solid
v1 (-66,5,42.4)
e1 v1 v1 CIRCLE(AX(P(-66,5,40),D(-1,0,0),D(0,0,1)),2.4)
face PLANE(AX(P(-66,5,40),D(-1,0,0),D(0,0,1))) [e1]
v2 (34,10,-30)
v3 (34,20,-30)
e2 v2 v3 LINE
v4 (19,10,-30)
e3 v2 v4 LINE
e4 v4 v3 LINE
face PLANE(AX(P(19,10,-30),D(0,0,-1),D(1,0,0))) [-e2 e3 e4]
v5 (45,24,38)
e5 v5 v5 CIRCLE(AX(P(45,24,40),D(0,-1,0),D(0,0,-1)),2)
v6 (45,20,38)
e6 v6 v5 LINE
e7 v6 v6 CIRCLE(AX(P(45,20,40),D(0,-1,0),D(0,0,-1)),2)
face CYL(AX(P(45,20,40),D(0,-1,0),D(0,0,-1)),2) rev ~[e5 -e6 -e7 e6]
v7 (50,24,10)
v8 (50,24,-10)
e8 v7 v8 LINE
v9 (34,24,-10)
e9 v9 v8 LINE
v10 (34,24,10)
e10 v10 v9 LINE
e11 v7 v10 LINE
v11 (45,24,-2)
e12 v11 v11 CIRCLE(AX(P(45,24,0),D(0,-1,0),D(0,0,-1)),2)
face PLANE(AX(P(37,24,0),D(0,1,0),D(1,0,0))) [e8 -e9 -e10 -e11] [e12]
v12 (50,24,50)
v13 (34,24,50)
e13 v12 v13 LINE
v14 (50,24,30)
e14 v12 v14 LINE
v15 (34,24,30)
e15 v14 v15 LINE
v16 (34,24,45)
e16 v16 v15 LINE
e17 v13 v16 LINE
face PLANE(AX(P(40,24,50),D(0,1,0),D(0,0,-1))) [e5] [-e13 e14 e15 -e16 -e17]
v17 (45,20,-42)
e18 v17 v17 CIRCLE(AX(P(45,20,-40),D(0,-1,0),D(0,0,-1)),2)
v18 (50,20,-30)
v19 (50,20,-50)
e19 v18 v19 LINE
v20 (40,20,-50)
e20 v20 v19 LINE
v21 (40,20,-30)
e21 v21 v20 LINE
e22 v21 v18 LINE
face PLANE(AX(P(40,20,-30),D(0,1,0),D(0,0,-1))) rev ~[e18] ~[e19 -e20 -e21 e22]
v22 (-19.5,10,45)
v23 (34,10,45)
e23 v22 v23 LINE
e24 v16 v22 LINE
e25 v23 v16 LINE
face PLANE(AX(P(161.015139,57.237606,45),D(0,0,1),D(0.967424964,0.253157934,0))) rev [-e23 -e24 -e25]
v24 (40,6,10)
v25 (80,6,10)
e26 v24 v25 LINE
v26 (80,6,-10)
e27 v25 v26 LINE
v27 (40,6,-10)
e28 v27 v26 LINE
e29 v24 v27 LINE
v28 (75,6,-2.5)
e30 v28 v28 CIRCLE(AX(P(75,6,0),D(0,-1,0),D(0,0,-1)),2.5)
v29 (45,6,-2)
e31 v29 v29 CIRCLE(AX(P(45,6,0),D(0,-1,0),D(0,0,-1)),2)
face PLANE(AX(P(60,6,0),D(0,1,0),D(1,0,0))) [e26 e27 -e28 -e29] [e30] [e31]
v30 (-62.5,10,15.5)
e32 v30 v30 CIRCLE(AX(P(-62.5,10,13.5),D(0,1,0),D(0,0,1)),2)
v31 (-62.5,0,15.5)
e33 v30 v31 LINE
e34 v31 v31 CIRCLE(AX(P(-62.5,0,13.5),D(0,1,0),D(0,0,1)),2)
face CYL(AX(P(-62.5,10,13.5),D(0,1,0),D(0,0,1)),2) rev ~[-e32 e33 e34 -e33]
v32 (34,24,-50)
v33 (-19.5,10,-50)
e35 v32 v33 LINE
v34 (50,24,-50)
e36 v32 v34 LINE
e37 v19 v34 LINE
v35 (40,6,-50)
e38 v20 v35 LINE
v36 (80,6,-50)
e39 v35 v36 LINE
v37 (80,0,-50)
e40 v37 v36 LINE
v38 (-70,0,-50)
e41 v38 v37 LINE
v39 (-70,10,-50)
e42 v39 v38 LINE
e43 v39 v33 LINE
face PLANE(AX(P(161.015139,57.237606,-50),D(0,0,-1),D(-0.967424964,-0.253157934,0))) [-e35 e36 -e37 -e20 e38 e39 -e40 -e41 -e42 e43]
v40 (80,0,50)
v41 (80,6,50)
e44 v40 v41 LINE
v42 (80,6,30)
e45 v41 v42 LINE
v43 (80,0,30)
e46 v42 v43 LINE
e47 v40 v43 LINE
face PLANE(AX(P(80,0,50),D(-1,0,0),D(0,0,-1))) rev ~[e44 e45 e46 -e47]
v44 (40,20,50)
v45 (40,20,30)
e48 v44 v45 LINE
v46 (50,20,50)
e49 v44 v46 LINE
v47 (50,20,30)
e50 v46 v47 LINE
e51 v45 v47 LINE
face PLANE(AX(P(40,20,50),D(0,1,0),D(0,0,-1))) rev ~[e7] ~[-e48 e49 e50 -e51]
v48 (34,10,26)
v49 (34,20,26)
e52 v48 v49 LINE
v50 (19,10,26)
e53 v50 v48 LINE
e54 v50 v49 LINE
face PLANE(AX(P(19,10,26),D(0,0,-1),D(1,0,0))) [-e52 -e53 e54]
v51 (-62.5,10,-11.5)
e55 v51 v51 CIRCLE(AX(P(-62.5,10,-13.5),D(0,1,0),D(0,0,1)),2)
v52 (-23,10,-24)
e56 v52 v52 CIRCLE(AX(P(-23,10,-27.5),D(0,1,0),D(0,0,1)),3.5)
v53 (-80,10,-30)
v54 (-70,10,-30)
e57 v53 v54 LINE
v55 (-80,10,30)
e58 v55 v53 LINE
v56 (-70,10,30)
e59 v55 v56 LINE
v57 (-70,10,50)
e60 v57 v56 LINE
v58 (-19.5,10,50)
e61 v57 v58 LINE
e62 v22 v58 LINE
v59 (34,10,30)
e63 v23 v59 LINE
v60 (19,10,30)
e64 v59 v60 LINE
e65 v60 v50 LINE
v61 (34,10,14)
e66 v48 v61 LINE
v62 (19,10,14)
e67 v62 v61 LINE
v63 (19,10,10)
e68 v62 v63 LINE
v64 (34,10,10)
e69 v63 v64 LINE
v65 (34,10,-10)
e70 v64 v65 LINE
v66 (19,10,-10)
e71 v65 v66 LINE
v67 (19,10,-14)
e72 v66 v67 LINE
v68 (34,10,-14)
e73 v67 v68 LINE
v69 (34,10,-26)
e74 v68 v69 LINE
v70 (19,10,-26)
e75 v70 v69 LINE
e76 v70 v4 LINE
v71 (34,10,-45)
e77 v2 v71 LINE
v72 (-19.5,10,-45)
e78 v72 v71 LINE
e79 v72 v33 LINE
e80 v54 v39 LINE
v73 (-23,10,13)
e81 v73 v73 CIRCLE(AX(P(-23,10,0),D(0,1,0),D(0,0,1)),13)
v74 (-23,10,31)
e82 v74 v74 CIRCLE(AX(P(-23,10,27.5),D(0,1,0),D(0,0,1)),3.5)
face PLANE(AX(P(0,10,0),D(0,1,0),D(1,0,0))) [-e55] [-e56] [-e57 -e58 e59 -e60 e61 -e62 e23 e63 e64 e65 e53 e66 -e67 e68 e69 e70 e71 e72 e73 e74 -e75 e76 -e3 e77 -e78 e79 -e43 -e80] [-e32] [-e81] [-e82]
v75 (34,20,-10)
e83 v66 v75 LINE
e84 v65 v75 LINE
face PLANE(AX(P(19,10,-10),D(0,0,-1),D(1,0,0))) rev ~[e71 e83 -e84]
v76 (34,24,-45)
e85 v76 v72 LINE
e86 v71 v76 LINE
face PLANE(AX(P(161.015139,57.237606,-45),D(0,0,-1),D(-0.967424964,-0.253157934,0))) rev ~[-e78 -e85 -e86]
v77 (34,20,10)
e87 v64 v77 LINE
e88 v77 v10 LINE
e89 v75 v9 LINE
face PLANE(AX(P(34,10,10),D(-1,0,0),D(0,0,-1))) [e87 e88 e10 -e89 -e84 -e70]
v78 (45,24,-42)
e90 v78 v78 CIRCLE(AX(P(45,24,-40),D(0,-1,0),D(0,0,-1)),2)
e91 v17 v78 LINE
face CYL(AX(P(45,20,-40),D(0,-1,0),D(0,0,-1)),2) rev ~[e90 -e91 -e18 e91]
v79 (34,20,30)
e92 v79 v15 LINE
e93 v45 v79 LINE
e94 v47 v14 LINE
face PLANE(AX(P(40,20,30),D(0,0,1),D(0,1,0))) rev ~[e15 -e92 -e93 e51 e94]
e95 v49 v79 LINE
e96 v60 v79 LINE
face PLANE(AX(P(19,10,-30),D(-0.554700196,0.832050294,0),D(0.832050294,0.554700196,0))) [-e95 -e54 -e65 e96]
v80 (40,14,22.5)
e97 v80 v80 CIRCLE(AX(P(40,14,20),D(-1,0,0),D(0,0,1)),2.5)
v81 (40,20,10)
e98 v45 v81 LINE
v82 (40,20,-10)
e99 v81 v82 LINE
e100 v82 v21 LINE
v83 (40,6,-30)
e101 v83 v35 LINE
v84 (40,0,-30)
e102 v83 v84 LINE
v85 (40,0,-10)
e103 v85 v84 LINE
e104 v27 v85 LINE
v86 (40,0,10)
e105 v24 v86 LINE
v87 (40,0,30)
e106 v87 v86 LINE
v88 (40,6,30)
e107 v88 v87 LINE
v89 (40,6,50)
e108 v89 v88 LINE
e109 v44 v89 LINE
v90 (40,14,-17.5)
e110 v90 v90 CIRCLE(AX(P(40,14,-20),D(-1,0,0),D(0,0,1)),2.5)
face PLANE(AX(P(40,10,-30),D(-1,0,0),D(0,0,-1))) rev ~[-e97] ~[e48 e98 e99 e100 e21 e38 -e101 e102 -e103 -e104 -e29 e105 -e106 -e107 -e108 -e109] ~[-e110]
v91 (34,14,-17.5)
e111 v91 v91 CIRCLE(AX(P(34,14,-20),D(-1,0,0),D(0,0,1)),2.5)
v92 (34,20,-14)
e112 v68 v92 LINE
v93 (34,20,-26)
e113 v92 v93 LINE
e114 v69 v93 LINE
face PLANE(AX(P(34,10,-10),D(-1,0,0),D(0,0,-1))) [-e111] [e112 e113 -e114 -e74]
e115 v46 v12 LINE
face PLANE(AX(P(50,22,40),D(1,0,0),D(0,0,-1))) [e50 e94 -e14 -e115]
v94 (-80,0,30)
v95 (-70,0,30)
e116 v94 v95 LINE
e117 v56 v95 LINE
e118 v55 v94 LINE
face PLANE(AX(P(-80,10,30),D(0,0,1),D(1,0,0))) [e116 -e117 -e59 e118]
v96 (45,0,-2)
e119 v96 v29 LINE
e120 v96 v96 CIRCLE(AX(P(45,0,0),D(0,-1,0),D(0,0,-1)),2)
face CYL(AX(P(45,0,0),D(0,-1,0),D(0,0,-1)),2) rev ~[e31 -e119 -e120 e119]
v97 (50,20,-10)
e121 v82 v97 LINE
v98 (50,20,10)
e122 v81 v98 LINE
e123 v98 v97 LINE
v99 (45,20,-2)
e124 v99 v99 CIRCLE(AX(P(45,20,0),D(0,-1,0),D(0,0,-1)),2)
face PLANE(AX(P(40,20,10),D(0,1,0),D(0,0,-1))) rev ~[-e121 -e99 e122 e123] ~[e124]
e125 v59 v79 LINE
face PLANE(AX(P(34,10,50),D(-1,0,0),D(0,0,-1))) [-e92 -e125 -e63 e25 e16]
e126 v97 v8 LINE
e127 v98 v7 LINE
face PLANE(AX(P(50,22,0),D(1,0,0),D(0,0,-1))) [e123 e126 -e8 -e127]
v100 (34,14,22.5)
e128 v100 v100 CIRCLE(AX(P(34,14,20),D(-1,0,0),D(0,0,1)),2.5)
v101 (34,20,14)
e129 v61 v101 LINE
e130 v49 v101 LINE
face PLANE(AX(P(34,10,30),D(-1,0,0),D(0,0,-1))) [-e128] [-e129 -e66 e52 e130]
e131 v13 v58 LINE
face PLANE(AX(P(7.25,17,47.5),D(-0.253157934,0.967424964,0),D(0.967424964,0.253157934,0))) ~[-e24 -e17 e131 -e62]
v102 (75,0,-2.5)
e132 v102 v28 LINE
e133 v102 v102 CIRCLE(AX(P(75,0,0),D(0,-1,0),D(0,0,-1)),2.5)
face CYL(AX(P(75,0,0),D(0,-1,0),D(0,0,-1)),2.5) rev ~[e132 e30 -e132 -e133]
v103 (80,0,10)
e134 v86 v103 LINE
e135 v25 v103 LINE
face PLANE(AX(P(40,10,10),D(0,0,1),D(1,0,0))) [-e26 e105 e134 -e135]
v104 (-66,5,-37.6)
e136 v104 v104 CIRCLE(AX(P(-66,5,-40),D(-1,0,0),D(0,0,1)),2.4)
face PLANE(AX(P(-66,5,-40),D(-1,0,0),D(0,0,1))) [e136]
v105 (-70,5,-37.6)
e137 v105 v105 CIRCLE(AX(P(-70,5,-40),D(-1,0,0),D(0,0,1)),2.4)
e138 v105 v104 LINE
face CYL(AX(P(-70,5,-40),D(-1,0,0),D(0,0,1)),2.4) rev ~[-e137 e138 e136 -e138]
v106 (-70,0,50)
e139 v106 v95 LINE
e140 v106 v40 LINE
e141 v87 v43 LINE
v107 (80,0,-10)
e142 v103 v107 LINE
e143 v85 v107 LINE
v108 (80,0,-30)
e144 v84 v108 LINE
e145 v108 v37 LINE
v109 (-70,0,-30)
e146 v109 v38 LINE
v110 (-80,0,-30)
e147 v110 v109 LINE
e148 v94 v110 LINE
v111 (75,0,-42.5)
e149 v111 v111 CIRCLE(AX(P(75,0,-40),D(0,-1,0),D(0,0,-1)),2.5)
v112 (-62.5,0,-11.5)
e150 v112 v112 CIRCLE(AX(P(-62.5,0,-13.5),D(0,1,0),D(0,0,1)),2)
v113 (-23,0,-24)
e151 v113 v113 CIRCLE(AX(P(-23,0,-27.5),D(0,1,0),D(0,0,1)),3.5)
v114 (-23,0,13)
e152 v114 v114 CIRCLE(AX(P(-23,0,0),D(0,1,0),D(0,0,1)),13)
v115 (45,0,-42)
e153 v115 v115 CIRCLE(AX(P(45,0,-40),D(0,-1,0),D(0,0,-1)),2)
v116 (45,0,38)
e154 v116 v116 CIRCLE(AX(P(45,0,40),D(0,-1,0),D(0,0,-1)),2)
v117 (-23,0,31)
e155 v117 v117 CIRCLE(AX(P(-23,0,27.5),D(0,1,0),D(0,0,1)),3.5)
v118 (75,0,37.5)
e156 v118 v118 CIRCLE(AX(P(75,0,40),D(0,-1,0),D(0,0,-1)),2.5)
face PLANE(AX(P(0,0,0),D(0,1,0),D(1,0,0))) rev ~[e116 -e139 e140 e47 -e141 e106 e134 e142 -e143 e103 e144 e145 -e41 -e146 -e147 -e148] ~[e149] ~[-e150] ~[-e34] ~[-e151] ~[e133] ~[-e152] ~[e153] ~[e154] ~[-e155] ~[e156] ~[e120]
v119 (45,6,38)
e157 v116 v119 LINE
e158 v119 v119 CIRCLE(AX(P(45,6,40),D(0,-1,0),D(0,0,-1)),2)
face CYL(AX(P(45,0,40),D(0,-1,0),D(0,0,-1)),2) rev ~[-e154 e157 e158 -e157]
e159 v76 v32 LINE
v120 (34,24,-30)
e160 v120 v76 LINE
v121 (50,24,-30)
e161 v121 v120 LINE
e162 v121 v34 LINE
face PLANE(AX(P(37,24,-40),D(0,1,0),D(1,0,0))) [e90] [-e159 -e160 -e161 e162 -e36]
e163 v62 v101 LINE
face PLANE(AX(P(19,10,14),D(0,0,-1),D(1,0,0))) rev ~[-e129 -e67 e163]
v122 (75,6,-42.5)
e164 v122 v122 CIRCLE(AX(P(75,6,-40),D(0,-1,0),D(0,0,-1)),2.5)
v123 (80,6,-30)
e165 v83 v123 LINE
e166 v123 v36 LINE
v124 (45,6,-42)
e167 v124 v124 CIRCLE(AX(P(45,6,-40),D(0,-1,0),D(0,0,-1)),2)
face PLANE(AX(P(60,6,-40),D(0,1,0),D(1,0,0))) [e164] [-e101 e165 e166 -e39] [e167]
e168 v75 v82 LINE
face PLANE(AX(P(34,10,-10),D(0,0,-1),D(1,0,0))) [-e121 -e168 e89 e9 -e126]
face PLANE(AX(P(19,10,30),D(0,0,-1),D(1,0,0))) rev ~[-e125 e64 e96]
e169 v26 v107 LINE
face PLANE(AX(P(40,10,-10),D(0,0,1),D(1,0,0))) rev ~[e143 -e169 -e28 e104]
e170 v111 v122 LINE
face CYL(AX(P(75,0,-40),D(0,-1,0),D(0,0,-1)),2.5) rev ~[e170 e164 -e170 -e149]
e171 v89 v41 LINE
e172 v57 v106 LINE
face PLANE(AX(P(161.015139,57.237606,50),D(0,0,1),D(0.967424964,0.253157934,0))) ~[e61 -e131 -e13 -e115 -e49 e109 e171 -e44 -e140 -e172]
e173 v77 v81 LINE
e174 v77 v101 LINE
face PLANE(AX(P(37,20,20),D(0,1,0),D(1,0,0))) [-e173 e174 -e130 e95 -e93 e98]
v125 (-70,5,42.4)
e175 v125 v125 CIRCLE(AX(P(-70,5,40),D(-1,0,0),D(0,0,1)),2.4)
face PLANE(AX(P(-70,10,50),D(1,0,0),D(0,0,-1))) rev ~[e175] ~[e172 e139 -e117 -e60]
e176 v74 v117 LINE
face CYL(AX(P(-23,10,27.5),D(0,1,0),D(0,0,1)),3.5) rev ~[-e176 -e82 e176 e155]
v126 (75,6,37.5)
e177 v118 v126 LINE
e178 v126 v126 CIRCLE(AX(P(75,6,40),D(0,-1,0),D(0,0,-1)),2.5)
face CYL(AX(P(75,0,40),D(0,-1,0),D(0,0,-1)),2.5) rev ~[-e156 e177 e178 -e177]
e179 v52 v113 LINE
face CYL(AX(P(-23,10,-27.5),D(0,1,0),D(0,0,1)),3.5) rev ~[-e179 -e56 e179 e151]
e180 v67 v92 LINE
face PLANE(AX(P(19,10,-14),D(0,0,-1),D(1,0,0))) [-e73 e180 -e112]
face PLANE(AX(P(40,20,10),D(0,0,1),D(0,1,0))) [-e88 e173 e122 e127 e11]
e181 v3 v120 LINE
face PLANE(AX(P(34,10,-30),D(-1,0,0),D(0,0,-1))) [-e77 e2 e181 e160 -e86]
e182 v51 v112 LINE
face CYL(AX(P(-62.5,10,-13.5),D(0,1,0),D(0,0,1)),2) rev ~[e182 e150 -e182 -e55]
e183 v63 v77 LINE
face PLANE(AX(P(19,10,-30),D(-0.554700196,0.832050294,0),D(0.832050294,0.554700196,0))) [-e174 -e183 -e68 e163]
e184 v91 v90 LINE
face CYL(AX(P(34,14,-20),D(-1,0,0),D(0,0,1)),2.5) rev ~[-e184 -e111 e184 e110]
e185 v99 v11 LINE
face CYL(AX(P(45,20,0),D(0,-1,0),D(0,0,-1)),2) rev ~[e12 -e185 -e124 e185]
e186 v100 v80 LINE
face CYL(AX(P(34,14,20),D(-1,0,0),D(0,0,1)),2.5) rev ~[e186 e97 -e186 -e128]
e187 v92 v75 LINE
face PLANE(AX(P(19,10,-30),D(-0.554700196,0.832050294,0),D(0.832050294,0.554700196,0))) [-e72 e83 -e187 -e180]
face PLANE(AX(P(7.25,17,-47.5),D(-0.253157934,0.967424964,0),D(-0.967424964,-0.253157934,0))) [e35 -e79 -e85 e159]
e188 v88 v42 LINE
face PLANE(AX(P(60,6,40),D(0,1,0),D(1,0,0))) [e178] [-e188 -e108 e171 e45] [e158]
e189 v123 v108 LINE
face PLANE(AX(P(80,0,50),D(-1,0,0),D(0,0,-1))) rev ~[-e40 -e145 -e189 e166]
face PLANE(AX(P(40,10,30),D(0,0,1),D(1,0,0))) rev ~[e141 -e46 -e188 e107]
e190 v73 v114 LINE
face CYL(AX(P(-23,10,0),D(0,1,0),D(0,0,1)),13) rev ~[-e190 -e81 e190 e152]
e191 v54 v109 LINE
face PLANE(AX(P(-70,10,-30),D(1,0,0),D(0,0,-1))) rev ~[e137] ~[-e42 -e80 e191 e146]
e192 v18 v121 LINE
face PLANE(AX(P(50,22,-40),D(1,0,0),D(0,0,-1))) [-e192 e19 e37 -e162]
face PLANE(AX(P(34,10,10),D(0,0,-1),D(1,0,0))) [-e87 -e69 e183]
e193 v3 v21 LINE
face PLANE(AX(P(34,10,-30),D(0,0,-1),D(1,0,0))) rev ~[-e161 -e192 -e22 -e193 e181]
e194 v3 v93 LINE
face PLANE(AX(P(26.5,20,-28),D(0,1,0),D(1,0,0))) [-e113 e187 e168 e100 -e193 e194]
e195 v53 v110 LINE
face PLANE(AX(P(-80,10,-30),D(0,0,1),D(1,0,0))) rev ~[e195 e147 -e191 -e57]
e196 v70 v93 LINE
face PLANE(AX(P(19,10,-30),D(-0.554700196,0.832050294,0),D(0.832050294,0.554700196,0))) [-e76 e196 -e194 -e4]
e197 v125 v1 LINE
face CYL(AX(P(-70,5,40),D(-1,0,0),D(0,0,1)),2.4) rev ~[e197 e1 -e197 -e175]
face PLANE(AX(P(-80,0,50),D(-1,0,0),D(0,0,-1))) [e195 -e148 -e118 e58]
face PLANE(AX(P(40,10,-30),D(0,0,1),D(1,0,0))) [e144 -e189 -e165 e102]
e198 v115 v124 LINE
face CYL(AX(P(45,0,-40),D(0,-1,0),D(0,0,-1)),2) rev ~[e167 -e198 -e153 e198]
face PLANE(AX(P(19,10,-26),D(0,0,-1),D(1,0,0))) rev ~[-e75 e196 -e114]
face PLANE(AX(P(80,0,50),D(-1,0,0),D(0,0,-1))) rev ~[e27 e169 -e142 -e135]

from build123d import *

# Parameters (mm, degrees)
SKETCH1_W           = 160
SKETCH1_H           = 100
BOSS_EXTRUDE1_DEPTH = 10
SKETCH2_W           = 40
SKETCH2_H           = 20
CUT_EXTRUDE1_DEPTH  = 10
SKETCH3_W           = 6
SKETCH3_H           = 20
BOSS_EXTRUDE2_DEPTH = 10
SKETCH4_W           = 40
SKETCH4_H           = 20
CUT_EXTRUDE2_DEPTH  = 4
SKETCH5_W           = 15
SKETCH5_H           = 4
BOSS_EXTRUDE3_DEPTH = 10
CUT_EXTRUDE3_DEPTH  = 100
SKETCH8_R           = 2.5
SKETCH8_R_2         = 2
CUT_EXTRUDE4_DEPTH  = 97.43650761
SKETCH10_W          = 6
SKETCH10_H          = 20
BOSS_EXTRUDE5_DEPTH = 14
SKETCH11_W          = 20
SKETCH11_H          = 4
BOSS_EXTRUDE6_DEPTH = 10
SKETCH12_R          = 2
CUT_EXTRUDE5_DEPTH  = 10
SKETCH13_R          = 2.5
CUT_EXTRUDE6_DEPTH  = 10
SKETCH14_W          = 10
SKETCH14_H          = 20
CUT_EXTRUDE7_DEPTH  = 10
SKETCH17_R          = 2
CUT_EXTRUDE8_DEPTH  = 10
SKETCH18_R          = 2.4
CUT_EXTRUDE9_DEPTH  = 4
SKETCH15_R          = 13
SKETCH15_R_2        = 3.5
CUT_EXTRUDE10_DEPTH = 10
RIB1_REACH          = 132.292
SKETCH19_WALL_W     = 317.885406234
SKETCH19_WALL_H     = 5


with BuildPart() as part:
    # Sketch1 → Boss-Extrude1 (new body)
    with BuildSketch(Plane(origin=(0, 0, 0), x_dir=(1, 0, 0), z_dir=(0, 1, 0))):
        Rectangle(SKETCH1_W, SKETCH1_H)
    extrude(amount=BOSS_EXTRUDE1_DEPTH)

    # Sketch2 → Cut-Extrude1 (cut)
    with BuildSketch(Plane(origin=(0, 10, 0), x_dir=(1, 0, 0), z_dir=(0, 1, 0))):
        with Locations((60, 20)):
            Rectangle(SKETCH2_W, SKETCH2_H)
        with Locations((60, -20)):
            Rectangle(SKETCH2_W, SKETCH2_H)
    extrude(amount=-CUT_EXTRUDE1_DEPTH, mode=Mode.SUBTRACT)

    # Sketch3 → Boss-Extrude2 (add)
    with BuildSketch(Plane(origin=(0, 10, 0), x_dir=(1, 0, 0), z_dir=(0, 1, 0))):
        with Locations((37, 20)):
            Rectangle(SKETCH3_W, SKETCH3_H)
        with Locations((37, -20)):
            Rectangle(SKETCH3_W, SKETCH3_H)
    extrude(amount=BOSS_EXTRUDE2_DEPTH)

    # Sketch4 → Cut-Extrude2 (cut)
    with BuildSketch(Plane(origin=(0, 10, 0), x_dir=(1, 0, 0), z_dir=(0, 1, 0))):
        with Locations((60, 40)):
            Rectangle(SKETCH4_W, SKETCH4_H)
        with Locations((60, 0)):
            Rectangle(SKETCH4_W, SKETCH4_H)
        with Locations((60, -40)):
            Rectangle(SKETCH4_W, SKETCH4_H)
    extrude(amount=-CUT_EXTRUDE2_DEPTH, mode=Mode.SUBTRACT)

    # Sketch5 → Boss-Extrude3 (add)
    with BuildSketch(Plane(origin=(0, 10, 0), x_dir=(1, 0, 0), z_dir=(0, 1, 0))):
        with Locations((26.5, 28)):
            Rectangle(SKETCH5_W, SKETCH5_H)
        with Locations((26.5, 12)):
            Rectangle(SKETCH5_W, SKETCH5_H)
        with Locations((26.5, -12)):
            Rectangle(SKETCH5_W, SKETCH5_H)
        with Locations((26.5, -28)):
            Rectangle(SKETCH5_W, SKETCH5_H)
    extrude(amount=BOSS_EXTRUDE3_DEPTH)

    # Sketch6 → Cut-Extrude3 (cut)
    with BuildSketch(Plane(origin=(0, 0, -30), x_dir=(-1, 0, 0), z_dir=(0, 0, -1))):
        Polygon((-19, 10), (-34, 20), (-19, 20), align=None)
    extrude(amount=-CUT_EXTRUDE3_DEPTH, mode=Mode.SUBTRACT)

    # Sketch8 → Cut-Extrude4 (cut, through all)
    with BuildSketch(Plane.XZ):
        with Locations(Location((75, 40, 0), (0, 0, 270))):
            Circle(SKETCH8_R)
        with Locations(Location((75, 0, 0), (0, 0, 270))):
            Circle(SKETCH8_R)
        with Locations(Location((75, -40, 0), (0, 0, 270))):
            Circle(SKETCH8_R)
        with Locations(Location((45, 40, 0), (0, 0, 270))):
            Circle(SKETCH8_R_2)
        with Locations(Location((45, 0, 0), (0, 0, 270))):
            Circle(SKETCH8_R_2)
        with Locations(Location((45, -40, 0), (0, 0, 270))):
            Circle(SKETCH8_R_2)
    extrude(amount=-CUT_EXTRUDE4_DEPTH, mode=Mode.SUBTRACT)

    # Sketch10 → Boss-Extrude5 (add)
    with BuildSketch(Plane(origin=(0, 10, 0), x_dir=(1, 0, 0), z_dir=(0, 1, 0))):
        with Locations((37, 40)):
            Rectangle(SKETCH10_W, SKETCH10_H)
        with Locations((37, -40)):
            Rectangle(SKETCH10_W, SKETCH10_H)
        with Locations((37, 0)):
            Rectangle(SKETCH10_W, SKETCH10_H)
    extrude(amount=BOSS_EXTRUDE5_DEPTH)

    # Sketch11 → Boss-Extrude6 (add)
    with BuildSketch(Plane(origin=(40, 0, 0), x_dir=(0, 0, -1), z_dir=(1, 0, 0))):
        with Locations((-40, 22)):
            Rectangle(SKETCH11_W, SKETCH11_H)
        with Locations((0, 22)):
            Rectangle(SKETCH11_W, SKETCH11_H)
        with Locations((40, 22)):
            Rectangle(SKETCH11_W, SKETCH11_H)
    extrude(amount=BOSS_EXTRUDE6_DEPTH)

    # Sketch12 → Cut-Extrude5 (cut)
    with BuildSketch(Plane.XZ.offset(-20)):
        with Locations(Location((45, 40, 0), (0, 0, 270))):
            Circle(SKETCH12_R)
        with Locations(Location((45, 0, 0), (0, 0, 270))):
            Circle(SKETCH12_R)
        with Locations(Location((45, -40, 0), (0, 0, 270))):
            Circle(SKETCH12_R)
    extrude(amount=-CUT_EXTRUDE5_DEPTH, mode=Mode.SUBTRACT)

    # Sketch13 → Cut-Extrude6 (cut)
    with BuildSketch(Plane.ZY.offset(-34)):
        with Locations((-20, 14)):
            Circle(SKETCH13_R)
        with Locations((20, 14)):
            Circle(SKETCH13_R)
    extrude(amount=-CUT_EXTRUDE6_DEPTH, mode=Mode.SUBTRACT)

    # Sketch14 → Cut-Extrude7 (cut)
    with BuildSketch(Plane(origin=(0, 10, 0), x_dir=(1, 0, 0), z_dir=(0, 1, 0))):
        with Locations((-75, 40)):
            Rectangle(SKETCH14_W, SKETCH14_H)
        with Locations((-75, -40)):
            Rectangle(SKETCH14_W, SKETCH14_H)
    extrude(amount=-CUT_EXTRUDE7_DEPTH, mode=Mode.SUBTRACT)

    # Sketch17 → Cut-Extrude8 (cut)
    with BuildSketch(Plane(origin=(0, 10, 0), x_dir=(1, 0, 0), z_dir=(0, 1, 0))):
        with Locations(Location((-62.5, 13.5, 0), (0, 0, 270))):
            Circle(SKETCH17_R)
        with Locations(Location((-62.5, -13.5, 0), (0, 0, 270))):
            Circle(SKETCH17_R)
    extrude(amount=-CUT_EXTRUDE8_DEPTH, mode=Mode.SUBTRACT)

    # Sketch18 → Cut-Extrude9 (cut)
    with BuildSketch(Plane.ZY.offset(70)):
        with Locations((40, 5)):
            Circle(SKETCH18_R)
        with Locations((-40, 5)):
            Circle(SKETCH18_R)
    extrude(amount=-CUT_EXTRUDE9_DEPTH, mode=Mode.SUBTRACT)

    # Sketch15 → Cut-Extrude10 (cut)
    with BuildSketch(Plane(origin=(0, 10, 0), x_dir=(1, 0, 0), z_dir=(0, 1, 0))):
        with Locations(Location((-23, 0, 0), (0, 0, 270))):
            Circle(SKETCH15_R)
        with Locations(Location((-23, 27.5, 0), (0, 0, 270))):
            Circle(SKETCH15_R_2)
        with Locations(Location((-23, -27.5, 0), (0, 0, 270))):
            Circle(SKETCH15_R_2)
    extrude(amount=-CUT_EXTRUDE10_DEPTH, mode=Mode.SUBTRACT)

    # Sketch19 wall → Rib1 (add, up to next)
    with BuildSketch(Plane(origin=(7.25, 17, -50), x_dir=(-0.967424963626, -0.253157934407, 0), z_dir=(-0.253157934407, 0.967424963626, 0)), mode=Mode.PRIVATE) as rib1_sk1:
        with Locations((0, 2.5)):
            Rectangle(SKETCH19_WALL_W, SKETCH19_WALL_H)
    rib1_tool1 = extrude(rib1_sk1.sketch, amount=-RIB1_REACH, mode=Mode.PRIVATE) - part.part
    rib1 = rib1_tool1.solids().sort_by_distance((7.25, 17, -50))[0]
    add(rib1)

    # Mirror2: Rib1 across plane
    add(rib1.mirror(Plane.XY))


solid = part.part
